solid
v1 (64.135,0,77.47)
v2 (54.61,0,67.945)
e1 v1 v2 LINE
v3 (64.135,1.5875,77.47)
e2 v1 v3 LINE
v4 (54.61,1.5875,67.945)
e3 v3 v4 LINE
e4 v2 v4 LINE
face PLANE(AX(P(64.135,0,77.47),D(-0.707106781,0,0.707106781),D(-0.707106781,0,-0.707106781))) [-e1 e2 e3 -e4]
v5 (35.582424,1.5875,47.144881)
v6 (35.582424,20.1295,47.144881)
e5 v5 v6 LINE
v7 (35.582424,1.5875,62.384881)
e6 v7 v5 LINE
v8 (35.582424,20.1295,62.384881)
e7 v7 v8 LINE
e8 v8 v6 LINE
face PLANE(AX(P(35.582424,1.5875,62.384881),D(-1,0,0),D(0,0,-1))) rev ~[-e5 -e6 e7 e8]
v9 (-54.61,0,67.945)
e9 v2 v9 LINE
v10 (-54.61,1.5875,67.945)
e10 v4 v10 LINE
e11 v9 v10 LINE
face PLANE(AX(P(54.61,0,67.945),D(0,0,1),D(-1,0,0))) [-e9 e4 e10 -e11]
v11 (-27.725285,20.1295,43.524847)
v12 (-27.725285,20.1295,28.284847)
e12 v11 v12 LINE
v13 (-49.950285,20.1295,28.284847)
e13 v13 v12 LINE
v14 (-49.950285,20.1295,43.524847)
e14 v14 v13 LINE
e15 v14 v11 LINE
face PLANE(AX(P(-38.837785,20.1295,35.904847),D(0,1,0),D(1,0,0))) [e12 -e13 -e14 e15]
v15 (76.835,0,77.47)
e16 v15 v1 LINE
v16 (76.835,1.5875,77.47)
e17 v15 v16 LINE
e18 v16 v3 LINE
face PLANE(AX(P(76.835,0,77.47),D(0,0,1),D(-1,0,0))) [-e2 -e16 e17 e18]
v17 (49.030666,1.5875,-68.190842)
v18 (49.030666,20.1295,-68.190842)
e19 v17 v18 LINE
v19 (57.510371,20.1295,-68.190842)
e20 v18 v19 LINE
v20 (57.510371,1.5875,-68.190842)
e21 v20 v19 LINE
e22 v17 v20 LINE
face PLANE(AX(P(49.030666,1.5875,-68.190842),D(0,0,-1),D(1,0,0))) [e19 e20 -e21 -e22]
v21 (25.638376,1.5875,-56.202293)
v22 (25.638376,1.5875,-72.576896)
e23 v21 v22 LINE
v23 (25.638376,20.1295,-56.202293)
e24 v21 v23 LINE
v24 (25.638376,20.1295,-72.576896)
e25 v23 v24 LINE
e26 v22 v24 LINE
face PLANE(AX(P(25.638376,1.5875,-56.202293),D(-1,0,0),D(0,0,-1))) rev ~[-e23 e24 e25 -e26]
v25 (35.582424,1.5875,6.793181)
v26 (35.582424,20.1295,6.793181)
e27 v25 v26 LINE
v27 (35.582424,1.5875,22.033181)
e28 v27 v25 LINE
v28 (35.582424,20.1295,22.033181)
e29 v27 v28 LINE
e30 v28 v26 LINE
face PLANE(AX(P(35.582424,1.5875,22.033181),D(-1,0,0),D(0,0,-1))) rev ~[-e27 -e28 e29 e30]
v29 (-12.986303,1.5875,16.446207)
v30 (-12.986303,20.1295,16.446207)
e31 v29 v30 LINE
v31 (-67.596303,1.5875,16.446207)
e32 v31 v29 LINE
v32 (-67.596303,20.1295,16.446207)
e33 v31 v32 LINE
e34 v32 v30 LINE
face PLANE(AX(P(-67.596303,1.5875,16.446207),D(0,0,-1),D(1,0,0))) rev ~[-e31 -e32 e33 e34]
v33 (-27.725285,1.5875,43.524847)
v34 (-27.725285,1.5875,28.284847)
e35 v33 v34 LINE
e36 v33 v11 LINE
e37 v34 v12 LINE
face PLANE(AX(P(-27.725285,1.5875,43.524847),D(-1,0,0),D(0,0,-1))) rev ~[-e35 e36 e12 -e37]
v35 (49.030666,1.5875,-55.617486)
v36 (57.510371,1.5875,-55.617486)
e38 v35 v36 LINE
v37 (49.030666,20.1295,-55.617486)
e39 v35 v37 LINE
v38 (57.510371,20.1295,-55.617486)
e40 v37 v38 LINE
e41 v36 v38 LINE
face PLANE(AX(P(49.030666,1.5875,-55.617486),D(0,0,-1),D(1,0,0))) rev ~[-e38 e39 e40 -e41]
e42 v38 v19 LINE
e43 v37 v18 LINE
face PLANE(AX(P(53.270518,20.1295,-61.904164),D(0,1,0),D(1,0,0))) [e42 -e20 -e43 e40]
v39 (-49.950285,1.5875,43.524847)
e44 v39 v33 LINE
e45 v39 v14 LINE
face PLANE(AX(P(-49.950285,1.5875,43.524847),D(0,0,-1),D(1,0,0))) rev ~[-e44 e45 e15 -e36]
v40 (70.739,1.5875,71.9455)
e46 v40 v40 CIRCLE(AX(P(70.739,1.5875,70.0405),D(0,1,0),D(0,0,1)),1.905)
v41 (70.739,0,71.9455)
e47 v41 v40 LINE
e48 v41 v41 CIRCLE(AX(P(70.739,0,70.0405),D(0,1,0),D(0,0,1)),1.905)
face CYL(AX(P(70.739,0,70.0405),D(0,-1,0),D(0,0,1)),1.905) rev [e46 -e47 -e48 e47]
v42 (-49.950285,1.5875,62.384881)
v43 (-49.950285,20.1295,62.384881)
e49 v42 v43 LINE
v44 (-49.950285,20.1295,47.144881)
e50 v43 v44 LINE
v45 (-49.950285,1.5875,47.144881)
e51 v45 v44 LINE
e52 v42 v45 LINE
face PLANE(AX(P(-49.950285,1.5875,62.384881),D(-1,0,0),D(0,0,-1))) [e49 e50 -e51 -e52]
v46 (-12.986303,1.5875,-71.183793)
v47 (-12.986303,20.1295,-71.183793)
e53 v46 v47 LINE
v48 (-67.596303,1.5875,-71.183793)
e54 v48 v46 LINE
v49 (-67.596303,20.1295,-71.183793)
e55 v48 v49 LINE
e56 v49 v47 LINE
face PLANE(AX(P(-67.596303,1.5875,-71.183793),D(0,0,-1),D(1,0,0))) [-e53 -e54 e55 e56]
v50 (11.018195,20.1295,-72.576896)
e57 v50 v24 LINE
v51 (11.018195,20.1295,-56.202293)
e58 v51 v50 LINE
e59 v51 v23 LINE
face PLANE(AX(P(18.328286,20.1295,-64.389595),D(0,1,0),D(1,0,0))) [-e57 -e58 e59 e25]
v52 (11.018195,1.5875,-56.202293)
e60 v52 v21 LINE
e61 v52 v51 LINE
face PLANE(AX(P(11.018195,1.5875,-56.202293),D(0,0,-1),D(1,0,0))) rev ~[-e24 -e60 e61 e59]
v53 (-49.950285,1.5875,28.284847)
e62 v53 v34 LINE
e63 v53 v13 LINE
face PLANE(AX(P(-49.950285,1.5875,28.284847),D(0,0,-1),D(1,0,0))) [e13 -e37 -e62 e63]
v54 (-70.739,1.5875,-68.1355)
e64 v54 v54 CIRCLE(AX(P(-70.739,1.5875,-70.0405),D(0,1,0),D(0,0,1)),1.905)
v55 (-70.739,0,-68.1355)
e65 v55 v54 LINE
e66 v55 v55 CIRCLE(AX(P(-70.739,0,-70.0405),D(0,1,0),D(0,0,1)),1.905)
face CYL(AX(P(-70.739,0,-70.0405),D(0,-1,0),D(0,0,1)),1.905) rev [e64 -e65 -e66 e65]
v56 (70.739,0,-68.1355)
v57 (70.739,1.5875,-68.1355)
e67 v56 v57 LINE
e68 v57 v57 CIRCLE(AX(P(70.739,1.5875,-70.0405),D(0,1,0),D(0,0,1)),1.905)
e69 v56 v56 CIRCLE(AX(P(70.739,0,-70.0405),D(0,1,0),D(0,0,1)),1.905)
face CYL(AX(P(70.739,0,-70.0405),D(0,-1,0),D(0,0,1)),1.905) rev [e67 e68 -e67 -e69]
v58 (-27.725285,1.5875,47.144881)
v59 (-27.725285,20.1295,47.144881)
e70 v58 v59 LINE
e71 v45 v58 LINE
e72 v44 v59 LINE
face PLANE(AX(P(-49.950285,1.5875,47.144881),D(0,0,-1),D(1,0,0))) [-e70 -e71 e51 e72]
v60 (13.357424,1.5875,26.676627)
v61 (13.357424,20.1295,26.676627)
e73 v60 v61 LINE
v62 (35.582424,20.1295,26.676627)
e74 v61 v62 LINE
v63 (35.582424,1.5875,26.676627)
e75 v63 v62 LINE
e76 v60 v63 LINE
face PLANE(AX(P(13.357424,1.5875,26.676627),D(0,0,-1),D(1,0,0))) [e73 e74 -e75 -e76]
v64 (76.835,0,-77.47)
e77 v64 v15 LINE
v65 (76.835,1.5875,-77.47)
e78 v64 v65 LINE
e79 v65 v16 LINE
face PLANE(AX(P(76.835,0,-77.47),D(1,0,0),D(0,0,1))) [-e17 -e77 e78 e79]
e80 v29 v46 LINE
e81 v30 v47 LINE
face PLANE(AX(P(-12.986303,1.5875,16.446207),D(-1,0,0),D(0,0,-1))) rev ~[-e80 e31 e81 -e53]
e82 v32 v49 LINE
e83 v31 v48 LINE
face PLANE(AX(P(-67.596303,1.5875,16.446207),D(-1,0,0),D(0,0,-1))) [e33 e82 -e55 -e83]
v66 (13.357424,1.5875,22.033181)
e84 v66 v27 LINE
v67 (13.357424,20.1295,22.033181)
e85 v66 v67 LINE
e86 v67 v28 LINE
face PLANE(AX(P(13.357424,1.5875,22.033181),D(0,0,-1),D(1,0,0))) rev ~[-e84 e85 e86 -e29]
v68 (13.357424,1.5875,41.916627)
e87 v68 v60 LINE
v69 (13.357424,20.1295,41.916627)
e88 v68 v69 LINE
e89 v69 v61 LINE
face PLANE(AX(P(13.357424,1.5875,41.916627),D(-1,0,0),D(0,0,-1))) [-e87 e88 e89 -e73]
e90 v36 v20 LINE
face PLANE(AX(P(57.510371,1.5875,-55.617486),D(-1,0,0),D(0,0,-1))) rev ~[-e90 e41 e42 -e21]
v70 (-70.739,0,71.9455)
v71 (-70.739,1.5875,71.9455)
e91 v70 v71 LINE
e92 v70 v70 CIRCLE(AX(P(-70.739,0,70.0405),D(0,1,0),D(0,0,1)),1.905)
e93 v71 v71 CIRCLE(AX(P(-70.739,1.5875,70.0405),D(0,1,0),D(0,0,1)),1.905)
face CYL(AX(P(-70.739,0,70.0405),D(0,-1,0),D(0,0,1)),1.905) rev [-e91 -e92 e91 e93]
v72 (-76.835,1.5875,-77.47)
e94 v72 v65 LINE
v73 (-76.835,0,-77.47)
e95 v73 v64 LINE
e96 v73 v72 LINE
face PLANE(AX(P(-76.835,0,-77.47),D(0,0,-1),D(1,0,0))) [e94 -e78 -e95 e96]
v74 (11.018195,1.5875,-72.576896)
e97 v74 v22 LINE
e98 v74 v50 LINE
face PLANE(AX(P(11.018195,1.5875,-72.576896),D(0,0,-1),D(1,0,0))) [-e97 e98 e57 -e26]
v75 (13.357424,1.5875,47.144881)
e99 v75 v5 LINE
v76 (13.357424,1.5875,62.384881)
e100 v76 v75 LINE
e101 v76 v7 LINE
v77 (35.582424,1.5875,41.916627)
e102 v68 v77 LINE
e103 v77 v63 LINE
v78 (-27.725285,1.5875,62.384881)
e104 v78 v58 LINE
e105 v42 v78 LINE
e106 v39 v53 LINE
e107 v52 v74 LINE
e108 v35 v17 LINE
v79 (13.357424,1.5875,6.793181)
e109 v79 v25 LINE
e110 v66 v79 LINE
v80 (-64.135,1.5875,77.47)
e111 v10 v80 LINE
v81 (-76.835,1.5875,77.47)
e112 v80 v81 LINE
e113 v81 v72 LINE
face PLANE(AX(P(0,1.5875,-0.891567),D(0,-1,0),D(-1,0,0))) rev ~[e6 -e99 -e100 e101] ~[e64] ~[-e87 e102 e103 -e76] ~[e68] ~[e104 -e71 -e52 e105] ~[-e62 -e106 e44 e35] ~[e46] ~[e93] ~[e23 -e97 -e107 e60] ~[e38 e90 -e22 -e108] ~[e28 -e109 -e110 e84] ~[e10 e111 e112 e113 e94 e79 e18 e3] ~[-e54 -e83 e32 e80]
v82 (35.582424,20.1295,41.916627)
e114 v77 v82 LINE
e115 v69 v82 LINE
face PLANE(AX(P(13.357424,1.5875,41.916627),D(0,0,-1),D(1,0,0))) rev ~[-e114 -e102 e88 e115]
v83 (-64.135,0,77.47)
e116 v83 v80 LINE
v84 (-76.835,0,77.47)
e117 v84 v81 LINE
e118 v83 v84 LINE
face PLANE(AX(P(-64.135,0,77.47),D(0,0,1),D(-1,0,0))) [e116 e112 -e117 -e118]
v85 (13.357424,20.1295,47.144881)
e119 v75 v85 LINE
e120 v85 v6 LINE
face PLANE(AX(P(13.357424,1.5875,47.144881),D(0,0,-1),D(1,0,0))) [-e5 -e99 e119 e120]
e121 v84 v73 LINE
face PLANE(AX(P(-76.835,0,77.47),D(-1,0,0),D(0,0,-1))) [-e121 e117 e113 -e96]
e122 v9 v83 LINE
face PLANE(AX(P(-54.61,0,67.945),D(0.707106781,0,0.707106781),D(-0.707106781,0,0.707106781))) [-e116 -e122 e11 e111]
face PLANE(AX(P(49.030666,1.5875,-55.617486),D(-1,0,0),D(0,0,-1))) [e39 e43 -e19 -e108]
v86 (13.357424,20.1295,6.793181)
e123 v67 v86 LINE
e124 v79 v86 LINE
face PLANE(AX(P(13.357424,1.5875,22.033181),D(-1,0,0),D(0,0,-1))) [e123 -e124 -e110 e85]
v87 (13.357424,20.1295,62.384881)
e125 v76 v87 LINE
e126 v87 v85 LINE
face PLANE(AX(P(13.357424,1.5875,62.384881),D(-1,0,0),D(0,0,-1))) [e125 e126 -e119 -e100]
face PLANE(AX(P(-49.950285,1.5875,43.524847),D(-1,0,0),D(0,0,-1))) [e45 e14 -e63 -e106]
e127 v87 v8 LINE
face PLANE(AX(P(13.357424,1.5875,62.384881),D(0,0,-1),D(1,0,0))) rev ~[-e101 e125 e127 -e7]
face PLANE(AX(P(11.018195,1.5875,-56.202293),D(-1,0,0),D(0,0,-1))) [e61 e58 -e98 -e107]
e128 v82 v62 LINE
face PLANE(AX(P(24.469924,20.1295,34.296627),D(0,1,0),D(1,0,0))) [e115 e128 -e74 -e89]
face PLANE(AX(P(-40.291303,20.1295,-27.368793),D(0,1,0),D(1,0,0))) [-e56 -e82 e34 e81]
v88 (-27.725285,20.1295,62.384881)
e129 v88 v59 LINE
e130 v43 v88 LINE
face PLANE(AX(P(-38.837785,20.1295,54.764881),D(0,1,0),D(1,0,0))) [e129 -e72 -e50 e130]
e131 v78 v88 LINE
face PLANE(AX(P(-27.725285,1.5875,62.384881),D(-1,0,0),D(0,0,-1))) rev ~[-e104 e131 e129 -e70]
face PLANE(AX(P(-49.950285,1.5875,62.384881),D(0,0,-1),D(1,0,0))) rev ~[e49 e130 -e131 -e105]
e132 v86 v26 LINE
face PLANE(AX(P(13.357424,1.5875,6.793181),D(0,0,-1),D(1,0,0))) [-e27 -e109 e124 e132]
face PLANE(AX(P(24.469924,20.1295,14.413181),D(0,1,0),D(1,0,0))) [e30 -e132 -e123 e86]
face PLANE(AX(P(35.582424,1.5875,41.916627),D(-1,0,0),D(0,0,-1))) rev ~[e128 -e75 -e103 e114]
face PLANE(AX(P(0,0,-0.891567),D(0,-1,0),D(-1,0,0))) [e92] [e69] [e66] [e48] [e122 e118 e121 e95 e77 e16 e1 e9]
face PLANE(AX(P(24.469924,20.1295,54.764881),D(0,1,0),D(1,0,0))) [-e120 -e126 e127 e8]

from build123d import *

# Parameters (mm, degrees)
SKETCH1_R           = 1.905
BOSS_EXTRUDE1_DEPTH = 1.5875
SKETCH2_W           = 22.225
SKETCH2_H           = 15.24
SKETCH2_W_2         = 14.620181031
SKETCH2_H_2         = 16.374602754
SKETCH2_W_3         = 54.61
SKETCH2_H_3         = 87.63
SKETCH2_W_4         = 8.479704998
SKETCH2_H_4         = 12.573355687
BOSS_EXTRUDE2_DEPTH = 18.542


with BuildPart() as part:
    # Sketch1 → Boss-Extrude1 (new body)
    with BuildSketch(Plane(origin=(0, 0, 0), x_dir=(1, 0, 0), z_dir=(0, 1, 0))):
        Polygon((-76.835, 77.47), (76.835, 77.47), (76.835, -77.47), (64.135, -77.47), (54.61, -67.945), (-54.61, -67.945), (-64.135, -77.47), (-76.835, -77.47), align=None)
        with Locations(Location((-70.739, 70.0405, 0), (0, 0, 270))):
            Circle(SKETCH1_R, mode=Mode.SUBTRACT)
        with Locations(Location((-70.739, -70.0405, 0), (0, 0, 270))):
            Circle(SKETCH1_R, mode=Mode.SUBTRACT)
        with Locations(Location((70.739, -70.0405, 0), (0, 0, 270))):
            Circle(SKETCH1_R, mode=Mode.SUBTRACT)
        with Locations(Location((70.739, 70.0405, 0), (0, 0, 270))):
            Circle(SKETCH1_R, mode=Mode.SUBTRACT)
    extrude(amount=BOSS_EXTRUDE1_DEPTH)

    # Sketch2 → Boss-Extrude2 (add)
    with BuildSketch(Plane(origin=(0, 1.5875, 0), x_dir=(1, 0, 0), z_dir=(0, 1, 0))):
        with Locations((-38.837784726, -54.764880682)):
            Rectangle(SKETCH2_W, SKETCH2_H)
        with Locations((-38.837784726, -35.904847152)):
            Rectangle(SKETCH2_W, SKETCH2_H)
        with Locations((24.469923971, -54.764880682)):
            Rectangle(SKETCH2_W, SKETCH2_H)
        with Locations((24.469923971, -34.296627238)):
            Rectangle(SKETCH2_W, SKETCH2_H)
        with Locations((24.469923971, -14.413181036)):
            Rectangle(SKETCH2_W, SKETCH2_H)
        with Locations((18.328285521, 64.38959472)):
            Rectangle(SKETCH2_W_2, SKETCH2_H_2)
        with Locations((-40.291302772, 27.368792631)):
            Rectangle(SKETCH2_W_3, SKETCH2_H_3)
        with Locations((53.270518185, 61.904163944)):
            Rectangle(SKETCH2_W_4, SKETCH2_H_4)
    extrude(amount=BOSS_EXTRUDE2_DEPTH)


solid = part.part
